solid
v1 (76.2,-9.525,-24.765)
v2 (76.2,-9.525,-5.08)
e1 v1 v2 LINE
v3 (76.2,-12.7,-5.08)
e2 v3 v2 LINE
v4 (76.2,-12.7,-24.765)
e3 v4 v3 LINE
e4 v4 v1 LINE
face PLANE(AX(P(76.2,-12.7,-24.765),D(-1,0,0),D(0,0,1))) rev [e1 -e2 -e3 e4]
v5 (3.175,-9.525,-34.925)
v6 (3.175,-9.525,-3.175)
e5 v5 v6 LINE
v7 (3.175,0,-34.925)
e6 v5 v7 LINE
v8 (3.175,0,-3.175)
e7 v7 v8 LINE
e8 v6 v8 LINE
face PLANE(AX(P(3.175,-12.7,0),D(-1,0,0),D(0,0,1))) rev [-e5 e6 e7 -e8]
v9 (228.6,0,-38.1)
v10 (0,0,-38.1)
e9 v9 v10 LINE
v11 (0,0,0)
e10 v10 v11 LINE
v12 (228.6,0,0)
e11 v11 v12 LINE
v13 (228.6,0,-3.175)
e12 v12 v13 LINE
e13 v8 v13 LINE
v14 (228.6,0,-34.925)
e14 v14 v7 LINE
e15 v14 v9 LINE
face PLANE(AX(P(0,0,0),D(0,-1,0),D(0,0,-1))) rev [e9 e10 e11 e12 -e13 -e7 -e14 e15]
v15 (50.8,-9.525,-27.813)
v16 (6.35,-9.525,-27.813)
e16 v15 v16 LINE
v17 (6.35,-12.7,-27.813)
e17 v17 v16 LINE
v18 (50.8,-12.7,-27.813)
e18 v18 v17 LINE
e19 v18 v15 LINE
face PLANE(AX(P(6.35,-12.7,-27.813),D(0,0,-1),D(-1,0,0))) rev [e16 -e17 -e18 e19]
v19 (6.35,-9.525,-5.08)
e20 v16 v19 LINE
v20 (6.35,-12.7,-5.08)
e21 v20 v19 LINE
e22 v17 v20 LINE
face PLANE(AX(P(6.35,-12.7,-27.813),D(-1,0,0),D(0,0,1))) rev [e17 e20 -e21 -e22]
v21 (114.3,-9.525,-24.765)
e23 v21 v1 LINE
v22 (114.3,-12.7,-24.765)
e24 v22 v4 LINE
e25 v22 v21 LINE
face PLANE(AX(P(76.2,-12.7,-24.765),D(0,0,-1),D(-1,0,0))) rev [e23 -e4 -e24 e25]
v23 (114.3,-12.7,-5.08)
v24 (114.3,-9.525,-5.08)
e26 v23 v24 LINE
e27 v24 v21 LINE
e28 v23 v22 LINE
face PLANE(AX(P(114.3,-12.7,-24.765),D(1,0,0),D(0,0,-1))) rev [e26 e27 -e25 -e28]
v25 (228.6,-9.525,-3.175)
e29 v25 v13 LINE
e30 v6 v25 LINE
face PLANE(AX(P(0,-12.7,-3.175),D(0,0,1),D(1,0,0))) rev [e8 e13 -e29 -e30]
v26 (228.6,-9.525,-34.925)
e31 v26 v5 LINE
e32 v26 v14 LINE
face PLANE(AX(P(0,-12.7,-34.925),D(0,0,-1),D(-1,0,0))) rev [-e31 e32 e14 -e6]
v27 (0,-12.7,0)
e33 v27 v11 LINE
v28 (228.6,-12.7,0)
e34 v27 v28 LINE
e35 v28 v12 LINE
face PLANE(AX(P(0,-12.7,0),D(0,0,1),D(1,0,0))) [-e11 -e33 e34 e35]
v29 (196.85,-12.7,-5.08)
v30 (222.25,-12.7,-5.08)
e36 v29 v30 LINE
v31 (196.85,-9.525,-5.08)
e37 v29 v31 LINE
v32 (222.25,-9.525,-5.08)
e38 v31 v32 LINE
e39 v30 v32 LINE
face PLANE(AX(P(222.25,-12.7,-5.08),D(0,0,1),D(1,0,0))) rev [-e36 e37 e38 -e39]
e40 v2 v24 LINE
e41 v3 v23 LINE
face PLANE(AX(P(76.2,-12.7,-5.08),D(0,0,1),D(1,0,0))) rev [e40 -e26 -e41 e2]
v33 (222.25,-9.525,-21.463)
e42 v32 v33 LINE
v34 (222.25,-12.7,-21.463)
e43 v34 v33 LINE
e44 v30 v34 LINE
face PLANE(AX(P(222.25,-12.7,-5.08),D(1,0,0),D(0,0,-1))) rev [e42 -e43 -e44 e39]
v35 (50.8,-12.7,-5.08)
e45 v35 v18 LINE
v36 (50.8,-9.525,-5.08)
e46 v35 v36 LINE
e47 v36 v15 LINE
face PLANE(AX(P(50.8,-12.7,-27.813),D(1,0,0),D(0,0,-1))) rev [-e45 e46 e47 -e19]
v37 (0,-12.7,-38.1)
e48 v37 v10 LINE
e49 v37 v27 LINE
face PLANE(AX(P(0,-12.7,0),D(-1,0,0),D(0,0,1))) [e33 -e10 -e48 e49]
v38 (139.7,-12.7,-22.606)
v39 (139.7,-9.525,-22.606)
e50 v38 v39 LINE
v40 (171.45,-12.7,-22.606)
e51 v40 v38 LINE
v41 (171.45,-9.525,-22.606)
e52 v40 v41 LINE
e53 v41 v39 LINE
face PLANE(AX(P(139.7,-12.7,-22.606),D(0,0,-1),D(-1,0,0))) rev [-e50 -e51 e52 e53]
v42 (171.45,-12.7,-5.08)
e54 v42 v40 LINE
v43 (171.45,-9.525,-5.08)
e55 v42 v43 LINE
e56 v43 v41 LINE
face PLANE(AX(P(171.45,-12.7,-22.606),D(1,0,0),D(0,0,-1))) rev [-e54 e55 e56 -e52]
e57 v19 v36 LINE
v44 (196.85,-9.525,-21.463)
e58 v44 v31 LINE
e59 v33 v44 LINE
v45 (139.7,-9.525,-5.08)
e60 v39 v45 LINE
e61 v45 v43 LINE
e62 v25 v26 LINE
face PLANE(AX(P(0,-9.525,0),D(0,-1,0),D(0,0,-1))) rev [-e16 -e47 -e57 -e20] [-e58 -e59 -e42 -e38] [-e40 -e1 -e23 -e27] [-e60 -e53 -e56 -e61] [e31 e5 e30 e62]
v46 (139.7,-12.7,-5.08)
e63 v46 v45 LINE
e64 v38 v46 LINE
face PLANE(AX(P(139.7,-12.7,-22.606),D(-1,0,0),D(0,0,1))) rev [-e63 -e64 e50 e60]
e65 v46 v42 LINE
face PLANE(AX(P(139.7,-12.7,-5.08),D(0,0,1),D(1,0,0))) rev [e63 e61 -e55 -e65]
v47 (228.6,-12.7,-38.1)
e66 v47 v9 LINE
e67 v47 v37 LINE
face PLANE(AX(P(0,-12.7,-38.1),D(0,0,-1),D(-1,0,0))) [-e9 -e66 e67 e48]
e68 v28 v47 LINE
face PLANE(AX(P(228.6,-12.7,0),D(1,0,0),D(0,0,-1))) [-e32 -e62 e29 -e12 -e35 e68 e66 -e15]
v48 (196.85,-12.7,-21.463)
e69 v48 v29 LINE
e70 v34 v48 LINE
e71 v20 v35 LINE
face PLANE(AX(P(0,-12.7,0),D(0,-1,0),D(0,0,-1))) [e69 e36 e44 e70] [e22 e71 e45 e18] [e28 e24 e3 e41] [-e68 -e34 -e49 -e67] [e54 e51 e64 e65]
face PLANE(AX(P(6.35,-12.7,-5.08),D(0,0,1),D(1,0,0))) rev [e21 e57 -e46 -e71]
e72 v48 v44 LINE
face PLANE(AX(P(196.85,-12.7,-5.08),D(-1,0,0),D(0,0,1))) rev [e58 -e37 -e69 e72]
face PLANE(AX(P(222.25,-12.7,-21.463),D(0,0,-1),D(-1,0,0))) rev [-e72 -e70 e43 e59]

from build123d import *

# Parameters (mm, degrees)
SKETCH1_W           = 228.6
SKETCH1_H           = 38.1
BOSS_EXTRUDE1_DEPTH = 12.7
SHELL1_T            = -3.175
SKETCH3_W           = 3.175
SKETCH3_H           = 31.75
CUT_EXTRUDE1_DEPTH  = 9.525
SKETCH4_W           = 25.4
SKETCH4_H           = 16.383
SKETCH4_W_2         = 31.75
SKETCH4_H_2         = 17.526
SKETCH4_W_3         = 38.1
SKETCH4_H_3         = 19.685
SKETCH4_W_4         = 44.45
SKETCH4_H_4         = 22.733
CUT_EXTRUDE2_DEPTH  = 232.948907359


with BuildPart() as part:
    # Sketch1 → Boss-Extrude1 (new body)
    with BuildSketch(Plane(origin=(0, 0, 0), x_dir=(1, 0, 0), z_dir=(0, 1, 0))):
        with Locations((114.3, 19.05)):
            Rectangle(SKETCH1_W, SKETCH1_H)
    extrude(amount=-BOSS_EXTRUDE1_DEPTH)

    # Shell1
    shell1_openings = [part.faces().sort_by_distance(p)[0] for p in [
        (114.3, 0, -19.05),
    ]]
    offset(amount=SHELL1_T, openings=shell1_openings, kind=Kind.INTERSECTION)

    # Sketch3 → Cut-Extrude1 (cut)
    with BuildSketch(Plane(origin=(0, 0, 0), x_dir=(1, 0, 0), z_dir=(0, 1, 0))):
        with Locations((227.0125, 19.05)):
            Rectangle(SKETCH3_W, SKETCH3_H)
    extrude(amount=-CUT_EXTRUDE1_DEPTH, mode=Mode.SUBTRACT)

    # Sketch4 → Cut-Extrude2 (cut, through all)
    with BuildSketch(Plane(origin=(0, -9.525, 0), x_dir=(1, 0, 0), z_dir=(0, 1, 0))):
        with Locations((209.55, 13.2715)):
            Rectangle(SKETCH4_W, SKETCH4_H)
        with Locations((155.575, 13.843)):
            Rectangle(SKETCH4_W_2, SKETCH4_H_2)
        with Locations((95.25, 14.9225)):
            Rectangle(SKETCH4_W_3, SKETCH4_H_3)
        with Locations((28.575, 16.4465)):
            Rectangle(SKETCH4_W_4, SKETCH4_H_4)
    extrude(amount=-CUT_EXTRUDE2_DEPTH, mode=Mode.SUBTRACT)


solid = part.part
